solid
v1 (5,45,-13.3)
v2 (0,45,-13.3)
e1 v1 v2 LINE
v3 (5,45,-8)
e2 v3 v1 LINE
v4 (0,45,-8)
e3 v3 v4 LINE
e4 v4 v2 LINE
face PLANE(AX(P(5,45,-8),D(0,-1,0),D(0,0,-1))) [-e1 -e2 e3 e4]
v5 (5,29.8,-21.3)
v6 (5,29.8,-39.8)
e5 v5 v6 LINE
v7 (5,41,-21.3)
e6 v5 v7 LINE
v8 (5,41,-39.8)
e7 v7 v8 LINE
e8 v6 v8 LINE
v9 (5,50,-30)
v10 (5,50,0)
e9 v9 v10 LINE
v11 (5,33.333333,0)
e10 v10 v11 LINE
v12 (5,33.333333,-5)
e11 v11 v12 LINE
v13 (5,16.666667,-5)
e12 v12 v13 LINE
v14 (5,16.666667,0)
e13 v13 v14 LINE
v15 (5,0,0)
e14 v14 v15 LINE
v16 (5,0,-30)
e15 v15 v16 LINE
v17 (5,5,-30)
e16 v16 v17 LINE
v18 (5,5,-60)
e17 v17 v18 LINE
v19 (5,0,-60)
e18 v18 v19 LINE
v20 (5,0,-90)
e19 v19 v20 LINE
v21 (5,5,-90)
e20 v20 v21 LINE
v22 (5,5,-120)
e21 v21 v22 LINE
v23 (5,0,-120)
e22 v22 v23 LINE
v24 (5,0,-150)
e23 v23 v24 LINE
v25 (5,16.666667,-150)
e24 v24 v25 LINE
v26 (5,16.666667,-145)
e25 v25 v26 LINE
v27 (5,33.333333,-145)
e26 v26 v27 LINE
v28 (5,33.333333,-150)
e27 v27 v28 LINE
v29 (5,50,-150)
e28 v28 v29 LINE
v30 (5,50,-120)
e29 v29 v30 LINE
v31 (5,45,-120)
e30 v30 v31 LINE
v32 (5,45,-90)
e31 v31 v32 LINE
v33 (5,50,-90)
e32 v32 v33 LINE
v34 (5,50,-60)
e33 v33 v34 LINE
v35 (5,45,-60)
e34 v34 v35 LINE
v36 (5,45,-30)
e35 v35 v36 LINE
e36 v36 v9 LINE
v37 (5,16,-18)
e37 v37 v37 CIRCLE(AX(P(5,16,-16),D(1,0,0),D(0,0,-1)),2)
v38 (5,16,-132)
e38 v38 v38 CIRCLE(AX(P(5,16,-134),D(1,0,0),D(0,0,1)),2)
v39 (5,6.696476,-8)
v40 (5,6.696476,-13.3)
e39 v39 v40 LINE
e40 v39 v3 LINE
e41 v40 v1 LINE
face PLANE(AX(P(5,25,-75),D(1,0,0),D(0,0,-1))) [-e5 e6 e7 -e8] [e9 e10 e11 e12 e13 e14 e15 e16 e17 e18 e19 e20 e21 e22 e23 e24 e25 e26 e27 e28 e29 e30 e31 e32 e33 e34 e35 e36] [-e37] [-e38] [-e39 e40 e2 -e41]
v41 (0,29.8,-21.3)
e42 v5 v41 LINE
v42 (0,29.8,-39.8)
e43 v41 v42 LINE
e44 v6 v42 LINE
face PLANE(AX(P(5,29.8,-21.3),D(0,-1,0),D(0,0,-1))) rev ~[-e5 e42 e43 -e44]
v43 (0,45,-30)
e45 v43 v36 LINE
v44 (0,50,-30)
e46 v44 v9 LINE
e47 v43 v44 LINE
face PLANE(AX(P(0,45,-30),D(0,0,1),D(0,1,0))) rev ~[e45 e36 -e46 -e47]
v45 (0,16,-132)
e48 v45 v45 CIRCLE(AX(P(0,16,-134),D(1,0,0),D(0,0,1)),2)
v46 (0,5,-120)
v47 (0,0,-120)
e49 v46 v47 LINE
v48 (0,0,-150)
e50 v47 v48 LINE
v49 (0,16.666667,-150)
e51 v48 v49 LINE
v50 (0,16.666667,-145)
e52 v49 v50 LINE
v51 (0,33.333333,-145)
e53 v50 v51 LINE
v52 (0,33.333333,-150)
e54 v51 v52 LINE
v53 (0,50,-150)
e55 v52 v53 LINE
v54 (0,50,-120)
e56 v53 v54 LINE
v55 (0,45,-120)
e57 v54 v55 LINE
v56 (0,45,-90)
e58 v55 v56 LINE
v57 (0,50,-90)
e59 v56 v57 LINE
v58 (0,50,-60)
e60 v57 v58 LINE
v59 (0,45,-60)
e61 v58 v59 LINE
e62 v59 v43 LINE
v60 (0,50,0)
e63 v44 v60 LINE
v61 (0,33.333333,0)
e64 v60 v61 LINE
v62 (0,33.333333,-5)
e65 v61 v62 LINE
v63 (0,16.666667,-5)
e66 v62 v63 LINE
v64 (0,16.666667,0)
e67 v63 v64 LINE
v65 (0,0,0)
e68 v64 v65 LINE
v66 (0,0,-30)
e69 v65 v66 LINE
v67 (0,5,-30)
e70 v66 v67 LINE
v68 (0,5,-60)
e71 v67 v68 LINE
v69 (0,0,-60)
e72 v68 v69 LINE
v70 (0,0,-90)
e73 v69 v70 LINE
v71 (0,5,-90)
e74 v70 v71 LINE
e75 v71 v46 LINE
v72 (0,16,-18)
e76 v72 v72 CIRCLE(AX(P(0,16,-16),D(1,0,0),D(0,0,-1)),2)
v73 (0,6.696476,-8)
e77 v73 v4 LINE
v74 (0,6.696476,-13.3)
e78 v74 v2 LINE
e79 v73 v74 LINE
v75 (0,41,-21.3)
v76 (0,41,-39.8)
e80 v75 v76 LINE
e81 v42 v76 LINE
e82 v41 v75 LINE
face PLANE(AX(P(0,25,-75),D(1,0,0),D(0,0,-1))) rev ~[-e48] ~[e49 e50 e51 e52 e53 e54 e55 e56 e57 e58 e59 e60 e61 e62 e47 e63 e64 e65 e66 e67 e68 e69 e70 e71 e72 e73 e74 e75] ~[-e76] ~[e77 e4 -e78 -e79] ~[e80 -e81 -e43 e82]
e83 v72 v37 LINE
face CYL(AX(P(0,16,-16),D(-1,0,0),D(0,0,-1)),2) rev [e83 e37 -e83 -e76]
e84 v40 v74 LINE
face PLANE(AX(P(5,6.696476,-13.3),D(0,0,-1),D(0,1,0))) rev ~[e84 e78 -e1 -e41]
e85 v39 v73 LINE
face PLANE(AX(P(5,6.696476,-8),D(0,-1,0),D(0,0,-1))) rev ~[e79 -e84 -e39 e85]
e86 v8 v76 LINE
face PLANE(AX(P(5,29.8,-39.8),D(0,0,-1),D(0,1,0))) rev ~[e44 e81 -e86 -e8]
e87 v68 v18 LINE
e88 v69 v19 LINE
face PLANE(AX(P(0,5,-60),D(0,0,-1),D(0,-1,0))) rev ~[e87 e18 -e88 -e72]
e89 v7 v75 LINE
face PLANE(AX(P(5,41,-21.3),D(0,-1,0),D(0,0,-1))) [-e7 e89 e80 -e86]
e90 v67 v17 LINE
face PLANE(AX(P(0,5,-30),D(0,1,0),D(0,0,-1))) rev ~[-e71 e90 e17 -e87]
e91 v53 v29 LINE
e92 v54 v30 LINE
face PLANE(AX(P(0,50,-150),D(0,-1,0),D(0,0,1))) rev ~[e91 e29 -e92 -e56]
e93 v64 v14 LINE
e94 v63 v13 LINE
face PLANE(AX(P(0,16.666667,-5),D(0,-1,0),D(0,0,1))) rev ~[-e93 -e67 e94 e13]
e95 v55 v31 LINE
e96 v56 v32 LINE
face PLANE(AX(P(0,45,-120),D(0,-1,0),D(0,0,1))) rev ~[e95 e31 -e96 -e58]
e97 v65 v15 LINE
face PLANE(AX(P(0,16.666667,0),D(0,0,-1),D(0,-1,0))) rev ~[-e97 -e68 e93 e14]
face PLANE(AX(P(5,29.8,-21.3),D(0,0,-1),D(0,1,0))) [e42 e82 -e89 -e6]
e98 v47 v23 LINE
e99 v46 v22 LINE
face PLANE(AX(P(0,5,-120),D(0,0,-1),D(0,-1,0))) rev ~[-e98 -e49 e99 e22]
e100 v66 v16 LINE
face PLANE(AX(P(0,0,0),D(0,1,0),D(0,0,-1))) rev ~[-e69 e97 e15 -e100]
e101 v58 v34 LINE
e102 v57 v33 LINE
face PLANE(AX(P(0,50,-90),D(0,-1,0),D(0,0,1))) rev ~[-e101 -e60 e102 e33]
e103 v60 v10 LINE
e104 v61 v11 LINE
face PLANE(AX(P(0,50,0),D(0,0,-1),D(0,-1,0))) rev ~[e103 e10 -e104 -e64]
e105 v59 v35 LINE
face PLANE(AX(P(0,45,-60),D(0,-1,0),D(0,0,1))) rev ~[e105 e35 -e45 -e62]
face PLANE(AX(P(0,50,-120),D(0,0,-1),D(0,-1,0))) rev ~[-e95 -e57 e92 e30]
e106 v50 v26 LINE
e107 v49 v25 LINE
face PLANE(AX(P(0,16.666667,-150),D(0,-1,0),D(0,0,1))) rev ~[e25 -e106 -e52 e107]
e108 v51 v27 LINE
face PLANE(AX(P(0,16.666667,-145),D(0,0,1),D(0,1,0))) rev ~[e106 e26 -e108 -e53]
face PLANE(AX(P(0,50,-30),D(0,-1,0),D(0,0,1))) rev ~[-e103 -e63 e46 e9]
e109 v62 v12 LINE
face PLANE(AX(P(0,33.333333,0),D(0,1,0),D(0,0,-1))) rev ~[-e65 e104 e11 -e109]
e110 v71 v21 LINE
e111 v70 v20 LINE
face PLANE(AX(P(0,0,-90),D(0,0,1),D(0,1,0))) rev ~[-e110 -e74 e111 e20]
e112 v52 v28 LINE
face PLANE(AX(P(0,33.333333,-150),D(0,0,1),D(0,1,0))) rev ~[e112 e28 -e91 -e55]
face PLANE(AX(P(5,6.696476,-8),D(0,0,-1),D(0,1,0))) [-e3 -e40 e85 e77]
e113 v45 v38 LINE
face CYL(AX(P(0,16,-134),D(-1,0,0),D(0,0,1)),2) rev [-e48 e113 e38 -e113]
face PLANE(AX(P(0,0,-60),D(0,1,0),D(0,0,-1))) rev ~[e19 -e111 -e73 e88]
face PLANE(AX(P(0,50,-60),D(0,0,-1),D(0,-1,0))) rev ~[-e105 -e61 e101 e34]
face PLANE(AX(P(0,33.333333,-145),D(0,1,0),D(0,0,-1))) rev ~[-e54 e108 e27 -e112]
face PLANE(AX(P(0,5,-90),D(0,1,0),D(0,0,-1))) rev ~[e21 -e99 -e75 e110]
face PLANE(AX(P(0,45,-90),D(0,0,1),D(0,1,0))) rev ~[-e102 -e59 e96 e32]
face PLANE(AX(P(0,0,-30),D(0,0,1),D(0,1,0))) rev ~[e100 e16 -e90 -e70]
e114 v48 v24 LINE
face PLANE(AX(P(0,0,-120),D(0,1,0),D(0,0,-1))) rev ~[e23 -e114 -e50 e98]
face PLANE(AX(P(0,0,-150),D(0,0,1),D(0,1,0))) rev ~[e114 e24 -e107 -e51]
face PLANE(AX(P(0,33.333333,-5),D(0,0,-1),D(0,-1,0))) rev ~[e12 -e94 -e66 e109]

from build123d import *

# Parameters (mm, degrees)
CROQUIS1_R              = 2
SALIENTE_EXTRUIR1_DEPTH = 5
CROQUIS2_W              = 5.3
CROQUIS2_H              = 38.303523839
CROQUIS2_W_2            = 18.5
CROQUIS2_H_2            = 11.2
CORTAR_EXTRUIR1_DEPTH   = 10


with BuildPart() as part:
    # Croquis1 → Saliente-Extruir1 (new body)
    with BuildSketch(Plane(origin=(0, 0, 0), x_dir=(0, 0, -1), z_dir=(1, 0, 0))):
        Polygon((0, 33.333333333), (5, 33.333333333), (5, 16.666666667), (0, 16.666666667), (0, 0), (30, 0), (30, 5), (60, 5), (60, 0), (90, 0), (90, 5), (120, 5), (120, 0), (150, 0), (150, 16.666666667), (145, 16.666666667), (145, 33.333333333), (150, 33.333333333), (150, 50), (120, 50), (120, 45), (90, 45), (90, 50), (60, 50), (60, 45), (30, 45), (30, 50), (0, 50), align=None)
        with Locations((16, 16)):
            Circle(CROQUIS1_R, mode=Mode.SUBTRACT)
        with Locations(Location((134, 16, 0), (0, 0, 180))):
            Circle(CROQUIS1_R, mode=Mode.SUBTRACT)
    extrude(amount=SALIENTE_EXTRUIR1_DEPTH)

    # Croquis2 → Cortar-Extruir1 (cut)
    with BuildSketch(Plane(origin=(5, 0, 0), x_dir=(0, 0, -1), z_dir=(1, 0, 0))):
        with Locations((10.65, 25.84823808)):
            Rectangle(CROQUIS2_W, CROQUIS2_H)
        with Locations((30.55, 35.4)):
            Rectangle(CROQUIS2_W_2, CROQUIS2_H_2)
    extrude(amount=-CORTAR_EXTRUIR1_DEPTH, mode=Mode.SUBTRACT)


solid = part.part
